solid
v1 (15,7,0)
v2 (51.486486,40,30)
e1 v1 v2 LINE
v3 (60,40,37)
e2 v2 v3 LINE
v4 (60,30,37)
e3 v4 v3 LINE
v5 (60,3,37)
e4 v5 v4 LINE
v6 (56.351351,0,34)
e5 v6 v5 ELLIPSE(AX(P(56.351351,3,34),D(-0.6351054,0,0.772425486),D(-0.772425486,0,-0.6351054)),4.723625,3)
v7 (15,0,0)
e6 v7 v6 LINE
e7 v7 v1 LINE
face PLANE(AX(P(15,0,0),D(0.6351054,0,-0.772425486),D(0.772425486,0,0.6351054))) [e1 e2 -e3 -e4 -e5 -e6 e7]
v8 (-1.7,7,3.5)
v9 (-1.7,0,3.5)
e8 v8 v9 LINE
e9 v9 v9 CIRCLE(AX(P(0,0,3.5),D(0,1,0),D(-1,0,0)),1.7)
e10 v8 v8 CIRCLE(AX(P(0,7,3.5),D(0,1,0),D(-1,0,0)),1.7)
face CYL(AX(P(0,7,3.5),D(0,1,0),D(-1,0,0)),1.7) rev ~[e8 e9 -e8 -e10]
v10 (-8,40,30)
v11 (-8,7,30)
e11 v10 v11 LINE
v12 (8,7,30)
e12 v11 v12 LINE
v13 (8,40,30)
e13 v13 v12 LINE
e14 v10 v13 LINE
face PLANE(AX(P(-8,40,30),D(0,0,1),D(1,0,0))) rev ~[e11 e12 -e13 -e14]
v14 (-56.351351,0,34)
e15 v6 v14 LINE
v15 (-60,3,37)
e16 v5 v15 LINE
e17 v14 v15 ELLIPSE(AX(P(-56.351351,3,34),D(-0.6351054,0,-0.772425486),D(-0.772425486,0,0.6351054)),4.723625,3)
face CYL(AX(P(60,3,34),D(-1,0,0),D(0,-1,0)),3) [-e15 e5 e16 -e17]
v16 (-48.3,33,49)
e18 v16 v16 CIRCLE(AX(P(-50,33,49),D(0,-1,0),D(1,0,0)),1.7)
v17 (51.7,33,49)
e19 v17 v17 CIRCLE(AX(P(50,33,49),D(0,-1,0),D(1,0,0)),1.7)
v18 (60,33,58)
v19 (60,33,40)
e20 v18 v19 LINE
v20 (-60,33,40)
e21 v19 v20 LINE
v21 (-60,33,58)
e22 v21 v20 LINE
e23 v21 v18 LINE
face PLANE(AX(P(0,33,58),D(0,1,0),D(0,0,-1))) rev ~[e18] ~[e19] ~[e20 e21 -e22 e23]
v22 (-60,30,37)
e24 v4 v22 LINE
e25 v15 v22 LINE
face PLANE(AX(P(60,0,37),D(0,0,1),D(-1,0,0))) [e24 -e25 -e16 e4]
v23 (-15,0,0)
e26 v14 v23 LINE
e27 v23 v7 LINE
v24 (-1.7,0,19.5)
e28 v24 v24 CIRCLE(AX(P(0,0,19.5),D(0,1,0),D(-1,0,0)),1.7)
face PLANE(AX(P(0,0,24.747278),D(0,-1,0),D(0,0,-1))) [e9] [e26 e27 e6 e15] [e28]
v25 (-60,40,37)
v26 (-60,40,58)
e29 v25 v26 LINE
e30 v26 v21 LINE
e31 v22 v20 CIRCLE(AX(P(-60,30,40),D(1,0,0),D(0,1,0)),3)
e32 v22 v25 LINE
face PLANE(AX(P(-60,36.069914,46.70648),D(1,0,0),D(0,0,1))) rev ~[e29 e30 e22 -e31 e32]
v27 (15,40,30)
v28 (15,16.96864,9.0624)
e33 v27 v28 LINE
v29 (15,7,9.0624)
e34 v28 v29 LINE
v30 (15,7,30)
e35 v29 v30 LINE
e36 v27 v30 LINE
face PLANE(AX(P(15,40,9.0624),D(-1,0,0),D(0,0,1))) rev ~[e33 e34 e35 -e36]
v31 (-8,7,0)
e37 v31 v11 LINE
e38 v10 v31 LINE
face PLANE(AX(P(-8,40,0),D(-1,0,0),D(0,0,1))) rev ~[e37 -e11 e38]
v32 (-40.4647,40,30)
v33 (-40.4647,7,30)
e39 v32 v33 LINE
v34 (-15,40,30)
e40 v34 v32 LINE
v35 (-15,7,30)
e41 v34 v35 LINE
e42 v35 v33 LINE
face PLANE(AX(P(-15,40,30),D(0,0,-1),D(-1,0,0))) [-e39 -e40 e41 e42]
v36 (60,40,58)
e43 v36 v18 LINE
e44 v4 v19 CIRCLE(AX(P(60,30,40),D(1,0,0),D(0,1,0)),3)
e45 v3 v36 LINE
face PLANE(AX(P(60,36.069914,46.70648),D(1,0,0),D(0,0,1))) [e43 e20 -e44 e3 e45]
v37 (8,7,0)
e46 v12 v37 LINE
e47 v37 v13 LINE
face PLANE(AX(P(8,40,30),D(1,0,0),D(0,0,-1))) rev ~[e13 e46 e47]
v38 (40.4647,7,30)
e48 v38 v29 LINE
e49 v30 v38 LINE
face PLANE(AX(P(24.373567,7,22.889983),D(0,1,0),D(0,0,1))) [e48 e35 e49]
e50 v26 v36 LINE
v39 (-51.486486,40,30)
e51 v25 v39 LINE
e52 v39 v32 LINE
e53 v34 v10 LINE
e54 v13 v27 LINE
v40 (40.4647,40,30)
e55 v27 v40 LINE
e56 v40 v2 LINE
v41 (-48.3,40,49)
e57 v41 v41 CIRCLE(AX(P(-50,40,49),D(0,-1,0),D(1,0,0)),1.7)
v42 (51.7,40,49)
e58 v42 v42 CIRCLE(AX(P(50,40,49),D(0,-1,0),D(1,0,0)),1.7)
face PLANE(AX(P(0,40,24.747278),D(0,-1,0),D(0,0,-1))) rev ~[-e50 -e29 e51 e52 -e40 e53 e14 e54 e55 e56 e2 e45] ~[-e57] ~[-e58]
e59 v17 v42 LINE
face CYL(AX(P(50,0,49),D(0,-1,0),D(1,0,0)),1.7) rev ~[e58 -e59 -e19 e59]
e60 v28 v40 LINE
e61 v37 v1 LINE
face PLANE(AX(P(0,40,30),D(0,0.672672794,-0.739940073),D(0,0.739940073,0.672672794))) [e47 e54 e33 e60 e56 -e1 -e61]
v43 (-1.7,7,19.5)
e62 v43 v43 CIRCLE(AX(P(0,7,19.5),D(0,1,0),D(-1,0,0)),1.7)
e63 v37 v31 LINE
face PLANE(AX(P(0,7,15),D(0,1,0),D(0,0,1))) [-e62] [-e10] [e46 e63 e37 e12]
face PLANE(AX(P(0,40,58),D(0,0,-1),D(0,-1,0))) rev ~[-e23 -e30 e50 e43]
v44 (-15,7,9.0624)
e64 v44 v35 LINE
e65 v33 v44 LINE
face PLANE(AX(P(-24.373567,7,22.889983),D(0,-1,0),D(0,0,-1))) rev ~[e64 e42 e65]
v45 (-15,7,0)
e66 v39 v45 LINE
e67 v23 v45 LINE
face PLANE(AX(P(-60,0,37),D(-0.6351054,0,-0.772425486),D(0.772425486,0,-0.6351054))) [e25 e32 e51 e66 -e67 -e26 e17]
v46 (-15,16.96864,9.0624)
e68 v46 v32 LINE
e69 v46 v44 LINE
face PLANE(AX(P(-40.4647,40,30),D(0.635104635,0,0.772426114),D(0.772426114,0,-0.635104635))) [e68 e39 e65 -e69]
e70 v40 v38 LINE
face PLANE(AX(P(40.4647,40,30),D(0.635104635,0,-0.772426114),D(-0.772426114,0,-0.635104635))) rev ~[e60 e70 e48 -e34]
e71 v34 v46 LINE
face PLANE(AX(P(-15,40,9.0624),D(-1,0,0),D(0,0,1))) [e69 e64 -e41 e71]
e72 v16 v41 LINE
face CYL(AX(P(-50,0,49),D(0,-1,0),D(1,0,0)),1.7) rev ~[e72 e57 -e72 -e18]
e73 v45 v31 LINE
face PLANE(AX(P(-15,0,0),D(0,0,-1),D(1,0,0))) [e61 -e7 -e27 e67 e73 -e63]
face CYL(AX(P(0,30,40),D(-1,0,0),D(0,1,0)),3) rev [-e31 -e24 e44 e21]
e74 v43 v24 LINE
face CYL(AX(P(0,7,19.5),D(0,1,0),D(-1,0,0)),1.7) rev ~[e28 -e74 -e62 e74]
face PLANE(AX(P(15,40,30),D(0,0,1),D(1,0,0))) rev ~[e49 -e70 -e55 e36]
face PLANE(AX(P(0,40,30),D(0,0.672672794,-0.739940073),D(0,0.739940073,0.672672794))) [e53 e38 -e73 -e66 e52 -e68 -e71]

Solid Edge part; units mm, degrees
sketch "Sketch1" plane through (0, 0, 0) normal (0, -1, 0) x (1, 0, 0)
  line L0 (-60, 37) -> (-15, 0)
  line L1 (-15, 0) -> (15, 0)
  line L2 (15, 0) -> (60, 37)
  line L3 (60, 37) -> (-60, 37)
  dimension "D1" = 30
  dimension "D2" = 120
  dimension "D3" = 37
extrude "Protrusion1" add sketch "Sketch1" against normal blind 40
sketch "Sketch2" plane through (0, 40, 18.5) normal (0, 1, 0) x (-1, 0, 0)
  line L0 (-8, -18.5) -> (8, -18.5)
  line L1 (8, -18.5) -> (8, 11.5)
  line L2 (8, 11.5) -> (-8, 11.5)
  line L3 (-8, 11.5) -> (-8, -18.5)
  line L4 (-40.4647, 11.5) -> (-15, -9.4376)
  line L5 (-15, -9.4376) -> (-15, 11.5)
  line L6 (-15, 11.5) -> (-40.4647, 11.5)
  line L7 (40.4647, 11.5) -> (15, -9.4376)
  line L8 (15, -9.4376) -> (15, 11.5)
  line L9 (15, 11.5) -> (40.4647, 11.5)
  dimension "D1" = 16
  dimension "D2" = 10.5
  dimension "D3" = 16
  dimension "D4" = 7
  dimension "D5" = 7
  dimension "D6" = 7
extrude "ExtrudedCutout_1" cut sketch "Sketch2" against normal blind 33
sketch "Sketch3" plane through (0, 7, 15) normal (0, 1, 0) x (-1, 0, 0)
  circle A0 centre (0, -11.5) radius 1.7
  circle A1 centre (0, 4.5) radius 1.7
  dimension "D1" = 10.5
  dimension "D2" = 16
  dimension "D3" = 3.4
extrude "Cutout1" cut sketch "Sketch3" against normal through all
sketch "Sketch4" plane through (0, 0, 0) normal (1, 0, 0) x (0, 1, 0)
  line L0 (7, 0) -> (40, 30)
extrude "Cutout2" cut sketch "Sketch4" against normal through all and the other way through all material side at (0, 23.5336, 14.963)
sketch "Sketch5" plane through (0, 0, 0) normal (1, 0, 0) x (0, 1, 0)
  line L0 (40, 37) -> (40, 58)
  line L1 (40, 58) -> (33, 58)
  line L2 (33, 58) -> (33, 40)
  arc A0 (30, 37) -> (33, 40) centre (30, 40) ccw
  line L3 (40, 37) -> (30, 37)
  dimension "D1" = 7
  dimension "D2" = 3
  dimension "D3" = 21
extrude "ExtrudedProtrusion_3" add sketch "Sketch5" along normal mid plane 120
fillet "Round_1" radius 3 1 edges at (0, 0, 37)
sketch "Sketch6" plane through (0, 0, 0) normal (0, -1, 0) x (1, 0, 0)
  circle A0 centre (-50, 49) radius 1.7
  circle A1 centre (50, 49) radius 1.7
  dimension "D1" = 3.4
  dimension "D2" = 50
  dimension "D3" = 12
extrude "Cutout3" cut sketch "Sketch6" against normal through all
properties material "ABS Plastic, medium impact"
